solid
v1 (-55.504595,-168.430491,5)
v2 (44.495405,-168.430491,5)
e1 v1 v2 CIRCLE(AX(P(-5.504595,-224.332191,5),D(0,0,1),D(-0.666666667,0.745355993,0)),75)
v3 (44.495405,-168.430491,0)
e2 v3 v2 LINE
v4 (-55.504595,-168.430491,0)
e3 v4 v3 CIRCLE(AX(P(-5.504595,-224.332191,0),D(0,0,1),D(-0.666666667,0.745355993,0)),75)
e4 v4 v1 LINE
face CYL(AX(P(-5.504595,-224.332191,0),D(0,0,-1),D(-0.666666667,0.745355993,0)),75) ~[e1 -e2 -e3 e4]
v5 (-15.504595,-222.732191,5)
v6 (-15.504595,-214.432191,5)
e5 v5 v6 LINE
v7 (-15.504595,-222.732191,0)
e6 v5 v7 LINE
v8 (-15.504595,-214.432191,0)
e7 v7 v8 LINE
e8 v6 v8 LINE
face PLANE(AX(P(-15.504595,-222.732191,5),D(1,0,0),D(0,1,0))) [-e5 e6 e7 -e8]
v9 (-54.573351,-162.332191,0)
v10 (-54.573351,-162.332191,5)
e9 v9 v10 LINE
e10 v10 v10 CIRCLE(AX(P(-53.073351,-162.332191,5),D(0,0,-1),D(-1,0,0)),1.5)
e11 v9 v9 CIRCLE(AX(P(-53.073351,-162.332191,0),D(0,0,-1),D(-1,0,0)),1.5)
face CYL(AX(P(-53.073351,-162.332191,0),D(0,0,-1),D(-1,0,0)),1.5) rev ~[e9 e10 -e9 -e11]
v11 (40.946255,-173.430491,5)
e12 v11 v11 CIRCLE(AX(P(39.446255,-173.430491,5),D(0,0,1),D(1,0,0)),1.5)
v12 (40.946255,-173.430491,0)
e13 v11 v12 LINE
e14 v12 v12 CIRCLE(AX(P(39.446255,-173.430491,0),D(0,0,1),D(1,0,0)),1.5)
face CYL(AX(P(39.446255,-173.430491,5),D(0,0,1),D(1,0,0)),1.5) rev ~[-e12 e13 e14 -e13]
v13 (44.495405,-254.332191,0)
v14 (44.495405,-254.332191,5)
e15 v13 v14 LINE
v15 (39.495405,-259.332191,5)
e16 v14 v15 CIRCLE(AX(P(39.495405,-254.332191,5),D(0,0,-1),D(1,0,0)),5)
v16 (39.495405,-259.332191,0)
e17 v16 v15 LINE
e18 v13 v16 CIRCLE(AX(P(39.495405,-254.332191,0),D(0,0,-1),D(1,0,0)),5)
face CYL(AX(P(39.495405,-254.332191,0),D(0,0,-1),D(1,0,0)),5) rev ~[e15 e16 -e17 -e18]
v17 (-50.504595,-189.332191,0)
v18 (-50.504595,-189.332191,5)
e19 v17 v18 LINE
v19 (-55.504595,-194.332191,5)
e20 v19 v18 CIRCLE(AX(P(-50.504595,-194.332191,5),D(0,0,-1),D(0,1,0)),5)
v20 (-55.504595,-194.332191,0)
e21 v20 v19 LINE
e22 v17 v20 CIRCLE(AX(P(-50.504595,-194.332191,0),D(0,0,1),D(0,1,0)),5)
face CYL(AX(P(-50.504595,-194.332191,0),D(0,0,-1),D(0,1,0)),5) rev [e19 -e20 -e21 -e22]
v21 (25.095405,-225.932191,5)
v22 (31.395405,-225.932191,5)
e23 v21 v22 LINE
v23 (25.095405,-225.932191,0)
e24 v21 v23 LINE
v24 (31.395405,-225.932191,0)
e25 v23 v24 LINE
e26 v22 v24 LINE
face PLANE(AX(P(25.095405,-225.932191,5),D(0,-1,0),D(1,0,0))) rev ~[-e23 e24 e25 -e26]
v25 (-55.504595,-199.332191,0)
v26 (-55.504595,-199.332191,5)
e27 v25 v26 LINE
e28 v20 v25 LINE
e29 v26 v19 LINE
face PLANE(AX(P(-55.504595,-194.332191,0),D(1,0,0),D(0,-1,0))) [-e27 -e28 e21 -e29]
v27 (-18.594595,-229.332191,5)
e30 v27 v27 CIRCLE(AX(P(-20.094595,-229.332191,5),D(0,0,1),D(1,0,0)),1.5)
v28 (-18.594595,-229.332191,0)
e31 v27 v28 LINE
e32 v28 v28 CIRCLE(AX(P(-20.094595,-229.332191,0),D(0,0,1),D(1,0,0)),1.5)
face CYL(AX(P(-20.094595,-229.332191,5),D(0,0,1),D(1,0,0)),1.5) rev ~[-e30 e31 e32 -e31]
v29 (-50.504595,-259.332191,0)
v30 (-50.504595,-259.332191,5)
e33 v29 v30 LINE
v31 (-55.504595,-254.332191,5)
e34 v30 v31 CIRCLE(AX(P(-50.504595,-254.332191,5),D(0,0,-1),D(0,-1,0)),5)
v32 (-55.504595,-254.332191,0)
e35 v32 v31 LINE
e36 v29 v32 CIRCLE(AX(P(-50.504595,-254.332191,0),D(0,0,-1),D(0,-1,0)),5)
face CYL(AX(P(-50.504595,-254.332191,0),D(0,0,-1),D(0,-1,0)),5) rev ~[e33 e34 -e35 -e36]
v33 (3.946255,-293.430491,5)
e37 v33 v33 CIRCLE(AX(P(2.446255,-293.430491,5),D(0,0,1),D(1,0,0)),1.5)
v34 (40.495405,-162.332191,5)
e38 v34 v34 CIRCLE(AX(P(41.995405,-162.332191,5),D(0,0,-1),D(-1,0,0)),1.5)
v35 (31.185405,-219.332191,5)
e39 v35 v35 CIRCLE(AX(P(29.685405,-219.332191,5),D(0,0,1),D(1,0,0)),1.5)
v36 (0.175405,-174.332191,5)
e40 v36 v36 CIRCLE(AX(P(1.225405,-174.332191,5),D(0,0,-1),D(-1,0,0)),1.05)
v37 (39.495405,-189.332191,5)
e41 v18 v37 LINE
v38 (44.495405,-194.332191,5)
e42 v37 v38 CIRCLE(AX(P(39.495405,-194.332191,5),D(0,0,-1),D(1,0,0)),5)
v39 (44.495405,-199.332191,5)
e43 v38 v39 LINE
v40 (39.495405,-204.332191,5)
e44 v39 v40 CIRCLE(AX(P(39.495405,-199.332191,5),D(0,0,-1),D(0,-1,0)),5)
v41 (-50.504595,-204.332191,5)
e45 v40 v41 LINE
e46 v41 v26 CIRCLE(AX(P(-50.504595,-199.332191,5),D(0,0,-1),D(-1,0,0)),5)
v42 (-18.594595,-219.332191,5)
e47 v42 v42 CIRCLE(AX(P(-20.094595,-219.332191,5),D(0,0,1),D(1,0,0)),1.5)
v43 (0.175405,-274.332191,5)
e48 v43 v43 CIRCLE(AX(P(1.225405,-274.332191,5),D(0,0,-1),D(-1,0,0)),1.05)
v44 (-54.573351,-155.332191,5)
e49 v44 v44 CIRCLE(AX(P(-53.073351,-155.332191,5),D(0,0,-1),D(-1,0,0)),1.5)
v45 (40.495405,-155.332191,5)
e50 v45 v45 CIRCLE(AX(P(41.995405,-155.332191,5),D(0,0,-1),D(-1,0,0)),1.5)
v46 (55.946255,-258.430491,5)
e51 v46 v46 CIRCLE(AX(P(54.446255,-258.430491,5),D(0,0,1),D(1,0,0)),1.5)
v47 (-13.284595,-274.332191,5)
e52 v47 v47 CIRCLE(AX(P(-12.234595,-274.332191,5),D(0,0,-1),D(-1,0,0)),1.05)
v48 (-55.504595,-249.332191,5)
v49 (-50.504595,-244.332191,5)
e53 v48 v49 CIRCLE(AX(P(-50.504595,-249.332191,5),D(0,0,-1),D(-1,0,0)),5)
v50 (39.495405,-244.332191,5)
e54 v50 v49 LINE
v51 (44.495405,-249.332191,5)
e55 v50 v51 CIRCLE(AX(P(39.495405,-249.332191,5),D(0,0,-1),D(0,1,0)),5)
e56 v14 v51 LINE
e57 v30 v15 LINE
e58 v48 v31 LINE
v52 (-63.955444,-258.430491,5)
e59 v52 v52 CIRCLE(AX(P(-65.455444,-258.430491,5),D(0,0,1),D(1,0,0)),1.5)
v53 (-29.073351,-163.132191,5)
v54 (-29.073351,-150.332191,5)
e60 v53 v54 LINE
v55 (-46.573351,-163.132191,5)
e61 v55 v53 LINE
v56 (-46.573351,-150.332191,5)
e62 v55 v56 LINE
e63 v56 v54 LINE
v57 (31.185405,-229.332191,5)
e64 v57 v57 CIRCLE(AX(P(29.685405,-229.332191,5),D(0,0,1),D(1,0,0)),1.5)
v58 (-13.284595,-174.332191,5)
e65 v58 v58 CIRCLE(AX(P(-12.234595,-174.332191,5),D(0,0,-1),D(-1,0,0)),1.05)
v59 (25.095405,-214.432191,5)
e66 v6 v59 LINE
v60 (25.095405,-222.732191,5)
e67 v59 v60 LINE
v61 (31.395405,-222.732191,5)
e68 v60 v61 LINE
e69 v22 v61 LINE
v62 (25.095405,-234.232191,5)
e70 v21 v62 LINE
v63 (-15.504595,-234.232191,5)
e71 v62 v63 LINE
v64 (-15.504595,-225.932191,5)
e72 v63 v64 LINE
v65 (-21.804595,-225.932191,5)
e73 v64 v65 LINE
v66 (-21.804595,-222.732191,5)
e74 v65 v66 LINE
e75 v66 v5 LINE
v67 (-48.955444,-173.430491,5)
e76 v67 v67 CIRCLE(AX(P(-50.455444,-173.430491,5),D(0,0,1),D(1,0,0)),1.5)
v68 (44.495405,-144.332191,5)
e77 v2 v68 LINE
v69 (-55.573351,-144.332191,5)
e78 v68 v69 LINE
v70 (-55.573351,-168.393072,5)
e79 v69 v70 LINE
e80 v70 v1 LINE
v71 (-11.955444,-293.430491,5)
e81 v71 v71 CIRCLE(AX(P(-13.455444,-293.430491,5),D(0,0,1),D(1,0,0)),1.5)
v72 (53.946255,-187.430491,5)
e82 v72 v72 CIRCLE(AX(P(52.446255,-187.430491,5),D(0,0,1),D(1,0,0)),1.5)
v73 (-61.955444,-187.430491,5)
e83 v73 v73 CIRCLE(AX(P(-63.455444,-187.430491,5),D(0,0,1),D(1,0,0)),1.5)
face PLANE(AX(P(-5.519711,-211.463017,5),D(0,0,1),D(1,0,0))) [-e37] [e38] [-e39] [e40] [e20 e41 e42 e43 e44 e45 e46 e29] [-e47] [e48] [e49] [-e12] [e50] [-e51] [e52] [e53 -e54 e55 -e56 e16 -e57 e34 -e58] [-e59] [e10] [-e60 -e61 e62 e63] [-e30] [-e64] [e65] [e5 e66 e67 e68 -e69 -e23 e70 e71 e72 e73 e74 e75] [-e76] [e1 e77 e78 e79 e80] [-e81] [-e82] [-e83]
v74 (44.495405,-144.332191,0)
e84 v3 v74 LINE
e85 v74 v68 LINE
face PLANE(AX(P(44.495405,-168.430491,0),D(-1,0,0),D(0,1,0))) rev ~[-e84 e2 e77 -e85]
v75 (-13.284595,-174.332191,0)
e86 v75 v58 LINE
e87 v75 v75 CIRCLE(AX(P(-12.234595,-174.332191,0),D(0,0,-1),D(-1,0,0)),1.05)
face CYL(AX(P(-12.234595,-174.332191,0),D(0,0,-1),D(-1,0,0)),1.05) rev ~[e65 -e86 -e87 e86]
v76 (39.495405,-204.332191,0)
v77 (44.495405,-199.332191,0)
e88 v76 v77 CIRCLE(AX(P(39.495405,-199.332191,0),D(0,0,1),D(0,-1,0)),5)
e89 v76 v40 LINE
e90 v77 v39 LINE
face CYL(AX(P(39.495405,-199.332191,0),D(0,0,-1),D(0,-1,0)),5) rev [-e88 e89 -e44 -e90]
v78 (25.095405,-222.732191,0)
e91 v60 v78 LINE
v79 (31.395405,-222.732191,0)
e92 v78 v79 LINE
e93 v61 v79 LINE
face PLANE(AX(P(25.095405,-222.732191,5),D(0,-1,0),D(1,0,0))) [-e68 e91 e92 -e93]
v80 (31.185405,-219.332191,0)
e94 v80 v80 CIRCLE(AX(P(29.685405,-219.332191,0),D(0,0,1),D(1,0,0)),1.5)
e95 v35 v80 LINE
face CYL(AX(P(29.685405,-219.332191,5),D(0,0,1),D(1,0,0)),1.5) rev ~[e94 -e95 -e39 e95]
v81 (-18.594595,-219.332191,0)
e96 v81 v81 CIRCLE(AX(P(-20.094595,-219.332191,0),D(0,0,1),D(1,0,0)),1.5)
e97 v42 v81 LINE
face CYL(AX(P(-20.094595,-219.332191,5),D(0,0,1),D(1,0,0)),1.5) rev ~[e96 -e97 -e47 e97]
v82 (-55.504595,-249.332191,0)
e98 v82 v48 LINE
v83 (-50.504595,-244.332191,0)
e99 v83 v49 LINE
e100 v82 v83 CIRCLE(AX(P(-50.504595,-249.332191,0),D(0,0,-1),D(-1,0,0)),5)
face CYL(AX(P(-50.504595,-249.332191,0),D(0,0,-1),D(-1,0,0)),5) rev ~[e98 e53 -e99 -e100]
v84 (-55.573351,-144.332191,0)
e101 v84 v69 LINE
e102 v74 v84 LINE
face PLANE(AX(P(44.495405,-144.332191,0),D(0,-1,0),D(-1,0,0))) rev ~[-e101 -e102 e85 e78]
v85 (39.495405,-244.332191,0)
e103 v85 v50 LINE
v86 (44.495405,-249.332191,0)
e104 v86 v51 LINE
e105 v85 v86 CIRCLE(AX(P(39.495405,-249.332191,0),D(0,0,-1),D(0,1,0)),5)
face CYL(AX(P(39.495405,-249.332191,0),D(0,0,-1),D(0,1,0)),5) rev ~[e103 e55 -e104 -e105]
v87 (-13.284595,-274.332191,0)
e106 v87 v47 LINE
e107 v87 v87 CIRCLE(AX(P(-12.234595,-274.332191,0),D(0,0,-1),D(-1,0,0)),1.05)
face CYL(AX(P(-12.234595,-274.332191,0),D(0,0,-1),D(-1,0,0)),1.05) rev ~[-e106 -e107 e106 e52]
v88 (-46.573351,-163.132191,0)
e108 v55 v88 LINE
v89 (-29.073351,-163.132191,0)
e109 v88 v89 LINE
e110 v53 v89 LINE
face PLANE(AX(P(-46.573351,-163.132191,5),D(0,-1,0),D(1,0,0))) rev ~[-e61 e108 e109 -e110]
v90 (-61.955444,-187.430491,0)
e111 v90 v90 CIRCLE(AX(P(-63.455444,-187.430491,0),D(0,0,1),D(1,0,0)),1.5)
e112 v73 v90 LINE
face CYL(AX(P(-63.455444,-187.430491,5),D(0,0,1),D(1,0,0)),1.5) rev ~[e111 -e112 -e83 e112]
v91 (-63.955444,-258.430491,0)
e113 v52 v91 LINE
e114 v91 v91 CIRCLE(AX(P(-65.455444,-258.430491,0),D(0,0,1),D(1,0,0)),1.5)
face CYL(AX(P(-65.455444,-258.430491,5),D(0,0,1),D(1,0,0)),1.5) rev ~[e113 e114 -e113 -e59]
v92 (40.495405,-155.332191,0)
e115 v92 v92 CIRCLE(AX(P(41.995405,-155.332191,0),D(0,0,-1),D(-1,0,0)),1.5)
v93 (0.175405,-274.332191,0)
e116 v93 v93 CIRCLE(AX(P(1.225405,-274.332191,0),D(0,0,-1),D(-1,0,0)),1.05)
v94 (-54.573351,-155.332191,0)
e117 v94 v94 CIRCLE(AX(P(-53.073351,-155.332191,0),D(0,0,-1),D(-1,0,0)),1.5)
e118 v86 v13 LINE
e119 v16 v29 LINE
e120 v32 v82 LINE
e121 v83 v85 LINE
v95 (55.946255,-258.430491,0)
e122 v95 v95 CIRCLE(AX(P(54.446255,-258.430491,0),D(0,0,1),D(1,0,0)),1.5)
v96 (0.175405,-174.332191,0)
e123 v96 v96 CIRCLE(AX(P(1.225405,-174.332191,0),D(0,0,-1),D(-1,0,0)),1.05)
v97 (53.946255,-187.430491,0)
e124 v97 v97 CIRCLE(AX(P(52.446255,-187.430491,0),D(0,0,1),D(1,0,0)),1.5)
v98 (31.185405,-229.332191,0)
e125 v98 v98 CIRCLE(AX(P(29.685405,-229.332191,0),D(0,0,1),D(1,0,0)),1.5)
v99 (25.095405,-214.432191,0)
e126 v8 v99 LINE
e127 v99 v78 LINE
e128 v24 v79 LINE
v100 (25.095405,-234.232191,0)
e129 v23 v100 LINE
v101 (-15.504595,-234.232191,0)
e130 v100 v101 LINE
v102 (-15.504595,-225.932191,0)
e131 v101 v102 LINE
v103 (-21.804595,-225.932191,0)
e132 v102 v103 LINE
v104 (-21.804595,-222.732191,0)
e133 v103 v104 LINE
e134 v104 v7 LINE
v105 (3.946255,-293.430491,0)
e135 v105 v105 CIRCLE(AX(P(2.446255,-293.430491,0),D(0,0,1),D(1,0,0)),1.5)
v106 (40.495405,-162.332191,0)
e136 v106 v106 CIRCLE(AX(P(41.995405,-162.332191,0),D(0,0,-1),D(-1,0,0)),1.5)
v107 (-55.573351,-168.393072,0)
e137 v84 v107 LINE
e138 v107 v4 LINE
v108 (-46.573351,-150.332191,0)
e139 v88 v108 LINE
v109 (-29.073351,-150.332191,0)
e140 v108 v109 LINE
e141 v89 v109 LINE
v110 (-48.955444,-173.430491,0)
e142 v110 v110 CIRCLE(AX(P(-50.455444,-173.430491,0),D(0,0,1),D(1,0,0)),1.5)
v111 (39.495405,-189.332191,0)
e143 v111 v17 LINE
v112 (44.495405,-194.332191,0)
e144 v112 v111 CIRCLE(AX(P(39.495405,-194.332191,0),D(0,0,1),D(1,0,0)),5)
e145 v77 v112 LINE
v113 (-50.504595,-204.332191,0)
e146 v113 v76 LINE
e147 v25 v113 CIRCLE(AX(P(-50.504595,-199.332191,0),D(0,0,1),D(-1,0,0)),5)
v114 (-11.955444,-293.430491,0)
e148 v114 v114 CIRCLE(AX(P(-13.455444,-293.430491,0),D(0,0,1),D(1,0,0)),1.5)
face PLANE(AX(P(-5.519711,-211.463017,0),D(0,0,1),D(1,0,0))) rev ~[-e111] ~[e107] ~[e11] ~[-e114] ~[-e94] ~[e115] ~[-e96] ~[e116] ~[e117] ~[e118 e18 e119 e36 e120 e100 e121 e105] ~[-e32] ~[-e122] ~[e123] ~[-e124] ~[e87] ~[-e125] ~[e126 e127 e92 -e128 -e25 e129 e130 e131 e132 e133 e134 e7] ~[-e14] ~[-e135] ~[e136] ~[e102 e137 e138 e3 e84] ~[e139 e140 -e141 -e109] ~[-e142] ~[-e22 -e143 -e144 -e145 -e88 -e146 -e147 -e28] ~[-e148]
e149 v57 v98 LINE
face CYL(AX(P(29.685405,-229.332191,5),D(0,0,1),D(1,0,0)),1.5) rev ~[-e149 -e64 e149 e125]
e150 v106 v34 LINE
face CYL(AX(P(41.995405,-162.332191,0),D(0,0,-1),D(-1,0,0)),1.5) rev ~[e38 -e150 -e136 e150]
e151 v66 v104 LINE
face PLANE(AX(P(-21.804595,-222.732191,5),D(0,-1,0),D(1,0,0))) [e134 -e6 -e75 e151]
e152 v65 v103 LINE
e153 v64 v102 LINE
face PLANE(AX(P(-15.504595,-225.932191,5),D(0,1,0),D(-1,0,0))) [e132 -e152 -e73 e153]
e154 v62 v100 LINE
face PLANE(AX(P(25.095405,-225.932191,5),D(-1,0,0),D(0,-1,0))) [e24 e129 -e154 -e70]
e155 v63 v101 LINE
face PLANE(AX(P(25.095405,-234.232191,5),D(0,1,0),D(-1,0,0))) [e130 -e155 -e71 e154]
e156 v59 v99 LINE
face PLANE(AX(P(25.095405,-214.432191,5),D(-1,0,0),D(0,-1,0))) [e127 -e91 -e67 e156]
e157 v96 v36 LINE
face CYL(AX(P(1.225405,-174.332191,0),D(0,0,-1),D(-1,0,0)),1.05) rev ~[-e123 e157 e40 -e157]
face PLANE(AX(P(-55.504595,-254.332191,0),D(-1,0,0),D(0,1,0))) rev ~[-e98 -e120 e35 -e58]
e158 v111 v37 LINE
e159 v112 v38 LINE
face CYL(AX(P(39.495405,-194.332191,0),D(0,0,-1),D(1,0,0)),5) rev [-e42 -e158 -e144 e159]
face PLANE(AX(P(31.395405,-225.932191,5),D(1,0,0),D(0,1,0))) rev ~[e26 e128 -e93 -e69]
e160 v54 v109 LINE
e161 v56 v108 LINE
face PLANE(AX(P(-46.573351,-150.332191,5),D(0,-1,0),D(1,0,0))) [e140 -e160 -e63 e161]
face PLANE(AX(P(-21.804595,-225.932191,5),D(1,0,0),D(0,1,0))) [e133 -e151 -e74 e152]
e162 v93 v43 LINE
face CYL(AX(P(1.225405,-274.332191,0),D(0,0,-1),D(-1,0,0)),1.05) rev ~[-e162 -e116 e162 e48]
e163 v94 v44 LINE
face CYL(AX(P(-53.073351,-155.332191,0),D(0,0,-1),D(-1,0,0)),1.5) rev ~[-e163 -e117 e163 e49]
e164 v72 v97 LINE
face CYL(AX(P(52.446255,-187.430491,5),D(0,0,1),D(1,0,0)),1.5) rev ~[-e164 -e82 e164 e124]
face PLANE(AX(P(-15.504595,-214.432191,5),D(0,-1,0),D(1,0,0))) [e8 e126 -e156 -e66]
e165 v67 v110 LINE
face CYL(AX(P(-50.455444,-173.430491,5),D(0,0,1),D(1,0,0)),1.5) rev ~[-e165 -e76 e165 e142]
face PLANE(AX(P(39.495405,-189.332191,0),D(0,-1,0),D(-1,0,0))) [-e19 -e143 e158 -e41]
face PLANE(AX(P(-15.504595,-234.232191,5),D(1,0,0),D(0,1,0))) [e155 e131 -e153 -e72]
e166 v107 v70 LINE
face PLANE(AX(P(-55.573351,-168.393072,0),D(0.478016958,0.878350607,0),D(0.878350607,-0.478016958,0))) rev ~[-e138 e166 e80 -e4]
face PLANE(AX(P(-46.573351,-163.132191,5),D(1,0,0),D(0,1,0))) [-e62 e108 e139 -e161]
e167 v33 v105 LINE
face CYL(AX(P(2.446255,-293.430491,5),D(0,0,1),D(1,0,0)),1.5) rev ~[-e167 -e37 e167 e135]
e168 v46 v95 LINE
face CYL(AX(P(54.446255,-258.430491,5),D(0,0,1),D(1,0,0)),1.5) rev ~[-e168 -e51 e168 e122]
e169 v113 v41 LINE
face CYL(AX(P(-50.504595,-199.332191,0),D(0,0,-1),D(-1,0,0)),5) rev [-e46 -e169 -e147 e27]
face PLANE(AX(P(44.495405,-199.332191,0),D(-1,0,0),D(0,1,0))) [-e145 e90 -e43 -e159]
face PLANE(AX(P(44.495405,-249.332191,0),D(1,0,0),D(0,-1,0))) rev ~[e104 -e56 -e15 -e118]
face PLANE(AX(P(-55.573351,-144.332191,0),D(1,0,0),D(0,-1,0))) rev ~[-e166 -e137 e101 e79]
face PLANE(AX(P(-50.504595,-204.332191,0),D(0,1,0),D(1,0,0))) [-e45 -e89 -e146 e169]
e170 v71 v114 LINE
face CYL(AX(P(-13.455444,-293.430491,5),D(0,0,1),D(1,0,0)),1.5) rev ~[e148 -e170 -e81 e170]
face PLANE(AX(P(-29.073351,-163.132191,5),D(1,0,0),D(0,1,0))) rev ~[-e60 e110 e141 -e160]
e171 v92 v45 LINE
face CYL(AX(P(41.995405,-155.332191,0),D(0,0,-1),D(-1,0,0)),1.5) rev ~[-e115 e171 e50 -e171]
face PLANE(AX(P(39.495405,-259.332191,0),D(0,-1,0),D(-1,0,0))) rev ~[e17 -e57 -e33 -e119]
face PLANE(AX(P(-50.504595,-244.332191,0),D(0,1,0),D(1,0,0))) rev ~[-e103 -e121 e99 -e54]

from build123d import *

# Parameters (mm, degrees)
RESSALTO_EXTRUS_O1_DEPTH = 5
ESBO_O2_R                = 1.5
CORTE_EXTRUS_O1_DEPTH    = 10
ESBO_O3_W                = 6.3
ESBO_O3_H                = 3.2
ESBO_O3_R                = 1.5
CORTE_EXTRUS_O2_DEPTH    = 10
ESBO_O4_W                = 17.5
ESBO_O4_H                = 12.8
CORTE_EXTRUS_O3_DEPTH    = 6
ESBO_O5_R                = 1.5
CORTE_EXTRUS_O4_DEPTH    = 10
ESBO_O6_R                = 1.05
CORTE_EXTRUS_O5_DEPTH    = 10
CORTE_EXTRUS_O6_DEPTH    = 6


with BuildPart() as part:
    # Esboço1 → Ressalto-extrusão1 (new body)
    with BuildSketch(Plane.XY):
        with BuildLine():
            Line((44.495405461, -168.430491325), (44.495405461, -144.332190763))
            Line((44.495405461, -144.332190763), (-55.573351401, -144.332190763))
            Line((-55.573351401, -144.332190763), (-55.573351401, -168.393072388))
            Line((-55.573351401, -168.393072388), (-55.504594539, -168.430491325))
            ThreePointArc((-55.504594539, -168.430491325), (-5.504594539, -299.332190763), (44.495405461, -168.430491325))
        make_face()
    extrude(amount=RESSALTO_EXTRUS_O1_DEPTH)

    # Esboço2 → Corte-extrusão1 (cut)
    with BuildSketch(Plane.XY.offset(5)):
        with Locations((39.44625518, -173.430491325)):
            Circle(ESBO_O2_R)
        with Locations((52.44625518, -187.430491325)):
            Circle(ESBO_O2_R)
        with Locations((54.44625518, -258.430491325)):
            Circle(ESBO_O2_R)
        with Locations((-13.455444258, -293.430491325)):
            Circle(ESBO_O2_R)
        with Locations((2.44625518, -293.430491325)):
            Circle(ESBO_O2_R)
        with Locations((-65.455444258, -258.430491325)):
            Circle(ESBO_O2_R)
        with Locations((-63.455444258, -187.430491325)):
            Circle(ESBO_O2_R)
        with Locations((-50.455444258, -173.430491325)):
            Circle(ESBO_O2_R)
    extrude(amount=-CORTE_EXTRUS_O1_DEPTH, mode=Mode.SUBTRACT)

    # Esboço3 → Corte-extrusão2 (cut)
    with BuildSketch(Plane.XY.offset(5)):
        with Locations((28.245405461, -224.332190763)):
            Rectangle(ESBO_O3_W, ESBO_O3_H)
        Polygon((-21.804594539, -225.932190763), (-21.804594539, -222.732190763), (-15.504594539, -222.732190763), (-15.504594539, -214.432190763), (25.095405461, -214.432190763), (25.095405461, -234.232190763), (-15.504594539, -234.232190763), (-15.504594539, -225.932190763), align=None)
        with Locations((29.685405461, -229.332190763)):
            Circle(ESBO_O3_R)
        with Locations((29.685405461, -219.332190763)):
            Circle(ESBO_O3_R)
        with Locations((-20.094594539, -229.332190763)):
            Circle(ESBO_O3_R)
        with Locations((-20.094594539, -219.332190763)):
            Circle(ESBO_O3_R)
    extrude(amount=-CORTE_EXTRUS_O2_DEPTH, mode=Mode.SUBTRACT)

    # Esboço4 → Corte-extrusão3 (cut, through all)
    with BuildSketch(Plane.XY.offset(5)):
        with Locations((-37.823351401, -156.732190763)):
            Rectangle(ESBO_O4_W, ESBO_O4_H)
    extrude(amount=-CORTE_EXTRUS_O3_DEPTH, mode=Mode.SUBTRACT)

    # Esboço5 → Corte-extrusão4 (cut)
    with BuildSketch(Plane(origin=(0, 0, 0), x_dir=(-1, 0, 0), z_dir=(0, 0, -1))):
        with Locations((53.073351401, -155.332190763)):
            Circle(ESBO_O5_R)
        with Locations((53.073351401, -162.332190763)):
            Circle(ESBO_O5_R)
        with Locations((-41.995405461, -155.332190763)):
            Circle(ESBO_O5_R)
        with Locations((-41.995405461, -162.332190763)):
            Circle(ESBO_O5_R)
    extrude(amount=-CORTE_EXTRUS_O4_DEPTH, mode=Mode.SUBTRACT)

    # Esboço6 → Corte-extrusão5 (cut)
    with BuildSketch(Plane(origin=(0, 0, 0), x_dir=(-1, 0, 0), z_dir=(0, 0, -1))):
        with Locations((12.234594539, -174.332190763)):
            Circle(ESBO_O6_R)
        with Locations((-1.225405461, -174.332190763)):
            Circle(ESBO_O6_R)
        with Locations((-1.225405461, -274.332190763)):
            Circle(ESBO_O6_R)
        with Locations((12.234594539, -274.332190763)):
            Circle(ESBO_O6_R)
    extrude(amount=-CORTE_EXTRUS_O5_DEPTH, mode=Mode.SUBTRACT)

    # Esboço7 → Corte-extrusão6 (cut, through all)
    with BuildSketch(Plane(origin=(0, 0, 0), x_dir=(-1, 0, 0), z_dir=(0, 0, -1))):
        with BuildLine():
            Line((55.504594539, -254.332190763), (55.504594539, -249.332190763))
            ThreePointArc((55.504594539, -249.332190763), (54.040128445, -245.796656857), (50.504594539, -244.332190763))
            Line((50.504594539, -244.332190763), (-39.495405461, -244.332190763))
            ThreePointArc((-39.495405461, -244.332190763), (-43.030939367, -245.796656857), (-44.495405461, -249.332190763))
            Line((-44.495405461, -249.332190763), (-44.495405461, -254.332190763))
            ThreePointArc((-44.495405461, -254.332190763), (-43.030939367, -257.867724668), (-39.495405461, -259.332190763))
            Line((-39.495405461, -259.332190763), (50.504594539, -259.332190763))
            ThreePointArc((50.504594539, -259.332190763), (54.040128445, -257.867724668), (55.504594539, -254.332190763))
        make_face()
        with BuildLine():
            ThreePointArc((-39.495405461, -204.332190763), (-43.030939367, -202.867724668), (-44.495405461, -199.332190763))
            Line((-44.495405461, -199.332190763), (-44.495405461, -194.332190763))
            ThreePointArc((-44.495405461, -194.332190763), (-43.030939367, -190.796656857), (-39.495405461, -189.332190763))
            Line((-39.495405461, -189.332190763), (50.504594539, -189.332190763))
            ThreePointArc((50.504594539, -189.332190763), (54.040128445, -190.796656857), (55.504594539, -194.332190763))
            Line((55.504594539, -194.332190763), (55.504594539, -199.332190763))
            ThreePointArc((55.504594539, -199.332190763), (54.040128445, -202.867724668), (50.504594539, -204.332190763))
            Line((50.504594539, -204.332190763), (-39.495405461, -204.332190763))
        make_face()
    extrude(amount=-CORTE_EXTRUS_O6_DEPTH, mode=Mode.SUBTRACT)


solid = part.part
